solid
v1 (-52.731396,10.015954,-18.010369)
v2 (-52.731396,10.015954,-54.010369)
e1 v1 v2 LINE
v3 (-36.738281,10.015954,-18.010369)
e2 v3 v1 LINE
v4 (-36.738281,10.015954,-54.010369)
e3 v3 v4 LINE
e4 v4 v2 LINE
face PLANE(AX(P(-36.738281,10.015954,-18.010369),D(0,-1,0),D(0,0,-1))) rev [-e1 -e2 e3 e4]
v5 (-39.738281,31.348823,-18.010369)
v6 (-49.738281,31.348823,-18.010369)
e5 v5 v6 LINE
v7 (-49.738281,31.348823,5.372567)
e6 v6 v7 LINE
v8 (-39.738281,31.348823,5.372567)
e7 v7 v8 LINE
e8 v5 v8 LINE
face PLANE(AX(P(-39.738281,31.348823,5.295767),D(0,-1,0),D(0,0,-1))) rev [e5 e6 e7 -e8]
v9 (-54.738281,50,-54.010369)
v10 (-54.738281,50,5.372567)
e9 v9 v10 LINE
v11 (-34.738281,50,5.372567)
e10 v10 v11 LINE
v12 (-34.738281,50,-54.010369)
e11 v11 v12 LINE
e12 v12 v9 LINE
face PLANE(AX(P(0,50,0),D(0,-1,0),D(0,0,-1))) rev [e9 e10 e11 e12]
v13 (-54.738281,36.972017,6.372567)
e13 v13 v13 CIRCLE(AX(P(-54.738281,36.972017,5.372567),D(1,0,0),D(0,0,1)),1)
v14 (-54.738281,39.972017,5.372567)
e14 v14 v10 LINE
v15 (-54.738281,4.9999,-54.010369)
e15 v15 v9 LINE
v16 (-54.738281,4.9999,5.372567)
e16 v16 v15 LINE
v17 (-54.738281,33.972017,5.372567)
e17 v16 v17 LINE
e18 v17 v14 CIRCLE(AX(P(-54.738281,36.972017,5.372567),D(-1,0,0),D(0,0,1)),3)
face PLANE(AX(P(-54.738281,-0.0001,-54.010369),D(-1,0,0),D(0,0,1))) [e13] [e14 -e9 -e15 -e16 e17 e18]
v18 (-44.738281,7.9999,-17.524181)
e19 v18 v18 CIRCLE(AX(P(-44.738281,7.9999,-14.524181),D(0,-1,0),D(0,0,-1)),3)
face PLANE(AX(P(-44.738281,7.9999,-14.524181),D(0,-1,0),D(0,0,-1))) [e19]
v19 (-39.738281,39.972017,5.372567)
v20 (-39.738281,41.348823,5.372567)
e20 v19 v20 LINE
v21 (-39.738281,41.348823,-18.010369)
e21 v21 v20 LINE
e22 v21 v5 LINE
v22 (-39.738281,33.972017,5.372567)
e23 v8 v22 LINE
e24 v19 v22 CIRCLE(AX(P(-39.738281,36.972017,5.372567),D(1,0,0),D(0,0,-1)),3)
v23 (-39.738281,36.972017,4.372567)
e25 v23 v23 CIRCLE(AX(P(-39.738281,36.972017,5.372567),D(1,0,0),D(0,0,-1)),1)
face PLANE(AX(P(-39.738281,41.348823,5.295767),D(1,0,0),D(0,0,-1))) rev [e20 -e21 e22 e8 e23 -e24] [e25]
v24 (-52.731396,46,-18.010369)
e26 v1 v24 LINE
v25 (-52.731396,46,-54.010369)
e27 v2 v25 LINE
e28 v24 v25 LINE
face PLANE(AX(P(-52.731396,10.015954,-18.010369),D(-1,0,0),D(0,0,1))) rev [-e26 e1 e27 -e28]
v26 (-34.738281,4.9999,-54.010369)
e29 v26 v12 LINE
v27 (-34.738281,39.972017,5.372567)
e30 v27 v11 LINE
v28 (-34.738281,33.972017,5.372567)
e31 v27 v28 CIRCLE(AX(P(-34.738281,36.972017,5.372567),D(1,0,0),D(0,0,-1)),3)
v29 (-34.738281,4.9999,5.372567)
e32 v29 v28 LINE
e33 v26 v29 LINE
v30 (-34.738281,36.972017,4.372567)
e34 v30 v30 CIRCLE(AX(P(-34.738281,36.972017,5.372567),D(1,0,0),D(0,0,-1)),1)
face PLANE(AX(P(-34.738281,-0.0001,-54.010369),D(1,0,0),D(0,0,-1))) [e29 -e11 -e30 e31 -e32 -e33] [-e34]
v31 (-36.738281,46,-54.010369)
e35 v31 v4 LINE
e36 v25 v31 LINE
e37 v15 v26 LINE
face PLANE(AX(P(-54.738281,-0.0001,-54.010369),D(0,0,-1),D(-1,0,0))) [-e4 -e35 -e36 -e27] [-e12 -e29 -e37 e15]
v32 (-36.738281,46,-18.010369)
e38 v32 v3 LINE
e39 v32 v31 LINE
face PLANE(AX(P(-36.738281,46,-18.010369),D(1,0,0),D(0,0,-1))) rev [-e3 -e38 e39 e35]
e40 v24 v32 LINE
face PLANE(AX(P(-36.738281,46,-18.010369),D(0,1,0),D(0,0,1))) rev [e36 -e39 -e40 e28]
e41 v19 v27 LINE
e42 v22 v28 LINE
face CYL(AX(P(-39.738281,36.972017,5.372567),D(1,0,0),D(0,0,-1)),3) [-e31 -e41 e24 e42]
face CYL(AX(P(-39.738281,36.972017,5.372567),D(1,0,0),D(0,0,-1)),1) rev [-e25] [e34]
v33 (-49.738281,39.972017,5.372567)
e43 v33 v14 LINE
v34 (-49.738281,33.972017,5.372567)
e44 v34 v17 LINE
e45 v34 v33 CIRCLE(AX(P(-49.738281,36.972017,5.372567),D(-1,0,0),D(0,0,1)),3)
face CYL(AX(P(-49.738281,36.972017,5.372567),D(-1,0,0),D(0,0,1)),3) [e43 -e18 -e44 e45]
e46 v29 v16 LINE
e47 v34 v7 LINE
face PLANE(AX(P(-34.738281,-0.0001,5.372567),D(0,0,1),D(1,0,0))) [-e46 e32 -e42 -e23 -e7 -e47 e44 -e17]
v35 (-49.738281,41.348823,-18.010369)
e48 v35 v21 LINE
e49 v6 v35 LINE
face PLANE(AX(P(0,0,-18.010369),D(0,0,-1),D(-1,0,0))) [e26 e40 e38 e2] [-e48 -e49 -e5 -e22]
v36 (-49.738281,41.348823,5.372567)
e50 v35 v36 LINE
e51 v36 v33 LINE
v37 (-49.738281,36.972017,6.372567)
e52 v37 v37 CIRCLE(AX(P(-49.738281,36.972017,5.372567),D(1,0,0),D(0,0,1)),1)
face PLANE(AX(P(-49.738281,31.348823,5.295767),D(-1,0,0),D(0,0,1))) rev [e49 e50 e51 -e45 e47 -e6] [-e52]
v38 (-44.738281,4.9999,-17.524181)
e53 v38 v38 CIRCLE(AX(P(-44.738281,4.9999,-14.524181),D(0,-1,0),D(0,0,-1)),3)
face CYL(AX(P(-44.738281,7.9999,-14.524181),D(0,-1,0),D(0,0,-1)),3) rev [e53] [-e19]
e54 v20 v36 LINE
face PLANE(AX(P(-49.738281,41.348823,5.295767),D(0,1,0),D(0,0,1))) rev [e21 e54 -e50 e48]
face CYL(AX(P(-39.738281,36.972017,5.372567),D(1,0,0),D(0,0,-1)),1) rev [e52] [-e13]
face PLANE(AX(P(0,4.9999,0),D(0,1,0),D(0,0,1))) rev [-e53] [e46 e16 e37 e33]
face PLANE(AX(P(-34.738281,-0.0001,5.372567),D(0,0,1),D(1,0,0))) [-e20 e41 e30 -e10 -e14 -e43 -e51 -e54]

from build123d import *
from build123d.topology import SkipClean

# Parameters (mm, degrees)
BOSS_EXTRUDE2_DEPTH      = 50
BOSS_EXTRUDE2_DEPTH_BACK = 0.0001
SKETCH5_W                = 20
SKETCH5_H                = 59.382936356
SKETCH6_R                = 5
CUT_EXTRUDE1_DEPTH       = 45
SKETCH9_W                = 10
SKETCH9_H                = 10
CUT_EXTRUDE4_DEPTH       = 0.076800532
BOSS_EXTRUDE5_DEPTH      = 5
CUT_EXTRUDE6_DEPTH       = 5
BOSS_EXTRUDE6_START      = -5
BOSS_EXTRUDE6_DEPTH      = 5
SKETCH15_R               = 1
CUT_EXTRUDE7_DEPTH       = 20
SKETCH19_R               = 5
BOSS_EXTRUDE13_DEPTH     = 45
BOSS_EXTRUDE15_DEPTH     = 5
SKETCH22_R               = 1
CUT_EXTRUDE8_DEPTH       = 5
BOSS_EXTRUDE16_START     = -5
BOSS_EXTRUDE16_DEPTH     = 5
SKETCH24_W               = 15.993114704
SKETCH24_H               = 35.984045661
CUT_EXTRUDE9_DEPTH       = 36
SKETCH26_W               = 10
SKETCH26_H               = 10
CUT_EXTRUDE13_DEPTH      = 36
CUT_EXTRUDE14_DEPTH      = 5
SKETCH29_W               = 20.000394844
SKETCH29_H               = 5
CUT_EXTRUDE15_DEPTH      = 1
SKETCH31_R               = 3
CUT_EXTRUDE16_DEPTH      = 3
SKETCH32_W               = 19.994111152
SKETCH32_H               = 5
CUT_EXTRUDE17_DEPTH      = 19
SKETCH33_W               = 19.589439069
SKETCH33_H               = 5
CUT_EXTRUDE18_DEPTH      = 19


with BuildPart() as part:
    # Sketch5 → Boss-Extrude2 (new, two sides: drawn at the far end of the back side and taken through both)
    with BuildSketch(Plane(origin=(0.323578151, 0, -7.846011644), x_dir=(1, 0, 0), z_dir=(0, 1, 0)).offset(-BOSS_EXTRUDE2_DEPTH_BACK)):
        with Locations((-45.061859189, 16.472889188)):
            Rectangle(SKETCH5_W, SKETCH5_H)
    extrude(amount=BOSS_EXTRUDE2_DEPTH + BOSS_EXTRUDE2_DEPTH_BACK)

    # Sketch6 → Cut-Extrude1 (cut)
    with BuildSketch(Plane(origin=(0.323578151, 50, -7.846011644), x_dir=(1, 0, 0), z_dir=(0, 1, 0))):
        with Locations(Location((-45.061859189, 16.574918296, 0), (0, 0, 270))):
            Circle(SKETCH6_R)
    extrude(amount=-CUT_EXTRUDE1_DEPTH, mode=Mode.SUBTRACT)

    # Sketch9 → Cut-Extrude4 (cut)
    with BuildSketch(Plane(origin=(0.323578151, 0, 5.372567346), x_dir=(1, 0, 0), z_dir=(0, 0, 1))):
        with Locations((-45.061859189, 36.348822535)):
            Rectangle(SKETCH9_W, SKETCH9_H)
    extrude(amount=-CUT_EXTRUDE4_DEPTH, mode=Mode.SUBTRACT)

    # Sketch10 → Boss-Extrude5 (add)
    with BuildSketch(Plane(origin=(-34.738281038, 0, -7.846011644), x_dir=(0, 0, -1), z_dir=(1, 0, 0))):
        with BuildLine():
            Line((-13.21857899, 38.972016939), (-13.21857899, 34.972016939))
            ThreePointArc((-13.21857899, 34.972016939), (-15.21857899, 36.972016939), (-13.21857899, 38.972016939))
        make_face()
    extrude(amount=-BOSS_EXTRUDE5_DEPTH)

    # Sketch12 → Cut-Extrude6 (cut)
    with BuildSketch(Plane(origin=(-34.738281038, 0, -7.846011644), x_dir=(0, 0, -1), z_dir=(1, 0, 0))):
        with BuildLine():
            Line((-13.21857899, 37.972016939), (-13.21857899, 35.972016939))
            ThreePointArc((-13.21857899, 35.972016939), (-14.21857899, 36.972016939), (-13.21857899, 37.972016939))
        make_face()
    extrude(amount=-CUT_EXTRUDE6_DEPTH, mode=Mode.SUBTRACT)

    # Sketch14 → Boss-Extrude6 (add)
    with BuildSketch(Plane(origin=(-54.738281038, 0, -7.846011644), x_dir=(0, 0, 1), z_dir=(-1, 0, 0)).offset(BOSS_EXTRUDE6_START)):
        with BuildLine():
            Line((13.21857899, 37.972016939), (13.21857899, 38.972016939))
            ThreePointArc((13.21857899, 38.972016939), (15.21857899, 36.972016939), (13.21857899, 34.972016939))
            Line((13.21857899, 34.972016939), (13.21857899, 35.972016939))
            ThreePointArc((13.21857899, 35.972016939), (14.21857899, 36.972016939), (13.21857899, 37.972016939))
        make_face()
    extrude(amount=BOSS_EXTRUDE6_DEPTH)

    # Sketch15 → Cut-Extrude7 (cut)
    with BuildSketch(Plane(origin=(-34.738281038, 0, -7.846011644), x_dir=(0, 0, -1), z_dir=(1, 0, 0))):
        with Locations((-13.21857899, 36.972016939)):
            Circle(SKETCH15_R)
    extrude(amount=-CUT_EXTRUDE7_DEPTH, mode=Mode.SUBTRACT)

    # Sketch19 → Boss-Extrude13 (add)
    with BuildSketch(Plane(origin=(0.323578151, 50, -7.846011644), x_dir=(1, 0, 0), z_dir=(0, 1, 0))):
        with Locations((-45.061859189, 16.574918296)):
            Circle(SKETCH19_R)
    extrude(amount=-BOSS_EXTRUDE13_DEPTH)

    # Sketch21 → Boss-Extrude15 (add)
    with SkipClean():  # the faces are left unmerged after this step: merging them gives an invalid solid
        with BuildSketch(Plane(origin=(-34.738281038, 0, -7.846011644), x_dir=(0, 0, -1), z_dir=(1, 0, 0))):
            with BuildLine():
                Line((-13.21857899, 39.972016939), (-13.21857899, 37.972016939))
                ThreePointArc((-13.21857899, 37.972016939), (-12.21857899, 36.972016939), (-13.21857899, 35.972016939))
                Line((-13.21857899, 35.972016939), (-13.21857899, 33.972016939))
                ThreePointArc((-13.21857899, 33.972016939), (-16.21857899, 36.972016939), (-13.21857899, 39.972016939))
            make_face()
        extrude(amount=-BOSS_EXTRUDE15_DEPTH)

    # Sketch22 → Cut-Extrude8 (cut)
    with BuildSketch(Plane(origin=(-34.738281038, 0, -7.846011644), x_dir=(0, 0, -1), z_dir=(1, 0, 0))):
        with Locations((-13.21857899, 36.972016939)):
            Circle(SKETCH22_R)
    extrude(amount=-CUT_EXTRUDE8_DEPTH, mode=Mode.SUBTRACT)

    # Sketch23 → Boss-Extrude16 (add)
    with BuildSketch(Plane(origin=(-54.738281038, 0, -7.846011644), x_dir=(0, 0, 1), z_dir=(-1, 0, 0)).offset(BOSS_EXTRUDE16_START)):
        with BuildLine():
            Line((13.21857899, 39.972016939), (13.21857899, 37.972016939))
            ThreePointArc((13.21857899, 37.972016939), (14.21857899, 36.972016939), (13.21857899, 35.972016939))
            Line((13.21857899, 35.972016939), (13.21857899, 33.972016939))
            ThreePointArc((13.21857899, 33.972016939), (16.21857899, 36.972016939), (13.21857899, 39.972016939))
        make_face()
    extrude(amount=BOSS_EXTRUDE16_DEPTH)

    # Sketch24 → Cut-Extrude9 (cut)
    with SkipClean():  # the faces are left unmerged after this step: merging them gives an invalid solid
        with BuildSketch(Plane(origin=(0.323578151, 0, -54.01036901), x_dir=(-1, 0, 0), z_dir=(0, 0, -1))):
            with Locations((45.058416541, 28.00797717)):
                Rectangle(SKETCH24_W, SKETCH24_H)
        extrude(amount=-CUT_EXTRUDE9_DEPTH, mode=Mode.SUBTRACT)

    # Sketch26 → Cut-Extrude13 (cut)
    with SkipClean():  # the faces are left unmerged after this step: merging them gives an invalid solid
        with BuildSketch(Plane(origin=(0.323578151, 0, 5.295766814), x_dir=(1, 0, 0), z_dir=(0, 0, 1))):
            with Locations((-45.061859189, 36.348822535)):
                Rectangle(SKETCH26_W, SKETCH26_H)
        extrude(amount=-CUT_EXTRUDE13_DEPTH, mode=Mode.SUBTRACT)

    # Sketch28 → Cut-Extrude14 (cut)
    with SkipClean():  # the faces are left unmerged after this step: merging them gives an invalid solid
        with BuildSketch(Plane(origin=(0, -0.0001, -2.541953713), x_dir=(-1, 0, 0), z_dir=(0, -1, 0))):
            Polygon((54.738281038, -7.914521059), (34.738281038, -7.914521059), (34.738281038, 31.753302396), (54.738281038, 31.878976227), align=None)
        extrude(amount=-CUT_EXTRUDE14_DEPTH, mode=Mode.SUBTRACT)

    # Sketch29 → Cut-Extrude15 (cut)
    with SkipClean():  # the faces are left unmerged after this step: merging them gives an invalid solid
        with BuildSketch(Plane(origin=(0.1981485, 0, -34.075726363), x_dir=(0.9999802581949765, 0, 0.006283567482586401), z_dir=(-0.006283567482586401, 0, 0.9999802581949766))):
            with Locations((-44.937316682, 2.4999)):
                Rectangle(SKETCH29_W, SKETCH29_H)
        extrude(amount=-CUT_EXTRUDE15_DEPTH, mode=Mode.SUBTRACT)

    # Sketch31 → Cut-Extrude16 (cut)
    with SkipClean():  # the faces are left unmerged after this step: merging them gives an invalid solid
        with BuildSketch(Plane(origin=(0, 4.9999, -2.541953713), x_dir=(-1, 0, 0), z_dir=(0, -1, 0))):
            with Locations(Location((44.738281038, 11.982227584, 0), (0, 0, 90))):
                Circle(SKETCH31_R)
        extrude(amount=-CUT_EXTRUDE16_DEPTH, mode=Mode.SUBTRACT)

    # Sketch32 → Cut-Extrude17 (cut)
    with SkipClean():  # the faces are left unmerged after this step: merging them gives an invalid solid
        with BuildSketch(Plane(origin=(0.22040429, 0, -35.075606257), x_dir=(0.9999802581949765, 0, 0.0062835674825864034), z_dir=(-0.0062835674825864034, 0, 0.9999802581949766))):
            with Locations((-44.956431065, 2.4999)):
                Rectangle(SKETCH32_W, SKETCH32_H)
        extrude(amount=-CUT_EXTRUDE17_DEPTH, mode=Mode.SUBTRACT)

    # Sketch33 → Cut-Extrude18 (cut)
    with SkipClean():  # the faces are left unmerged after this step: merging them gives an invalid solid
        with BuildSketch(Plane.ZY.offset(54.738281038)):
            with Locations((-44.215649476, 2.4999)):
                Rectangle(SKETCH33_W, SKETCH33_H)
        extrude(amount=-CUT_EXTRUDE18_DEPTH, mode=Mode.SUBTRACT)


solid = part.part
